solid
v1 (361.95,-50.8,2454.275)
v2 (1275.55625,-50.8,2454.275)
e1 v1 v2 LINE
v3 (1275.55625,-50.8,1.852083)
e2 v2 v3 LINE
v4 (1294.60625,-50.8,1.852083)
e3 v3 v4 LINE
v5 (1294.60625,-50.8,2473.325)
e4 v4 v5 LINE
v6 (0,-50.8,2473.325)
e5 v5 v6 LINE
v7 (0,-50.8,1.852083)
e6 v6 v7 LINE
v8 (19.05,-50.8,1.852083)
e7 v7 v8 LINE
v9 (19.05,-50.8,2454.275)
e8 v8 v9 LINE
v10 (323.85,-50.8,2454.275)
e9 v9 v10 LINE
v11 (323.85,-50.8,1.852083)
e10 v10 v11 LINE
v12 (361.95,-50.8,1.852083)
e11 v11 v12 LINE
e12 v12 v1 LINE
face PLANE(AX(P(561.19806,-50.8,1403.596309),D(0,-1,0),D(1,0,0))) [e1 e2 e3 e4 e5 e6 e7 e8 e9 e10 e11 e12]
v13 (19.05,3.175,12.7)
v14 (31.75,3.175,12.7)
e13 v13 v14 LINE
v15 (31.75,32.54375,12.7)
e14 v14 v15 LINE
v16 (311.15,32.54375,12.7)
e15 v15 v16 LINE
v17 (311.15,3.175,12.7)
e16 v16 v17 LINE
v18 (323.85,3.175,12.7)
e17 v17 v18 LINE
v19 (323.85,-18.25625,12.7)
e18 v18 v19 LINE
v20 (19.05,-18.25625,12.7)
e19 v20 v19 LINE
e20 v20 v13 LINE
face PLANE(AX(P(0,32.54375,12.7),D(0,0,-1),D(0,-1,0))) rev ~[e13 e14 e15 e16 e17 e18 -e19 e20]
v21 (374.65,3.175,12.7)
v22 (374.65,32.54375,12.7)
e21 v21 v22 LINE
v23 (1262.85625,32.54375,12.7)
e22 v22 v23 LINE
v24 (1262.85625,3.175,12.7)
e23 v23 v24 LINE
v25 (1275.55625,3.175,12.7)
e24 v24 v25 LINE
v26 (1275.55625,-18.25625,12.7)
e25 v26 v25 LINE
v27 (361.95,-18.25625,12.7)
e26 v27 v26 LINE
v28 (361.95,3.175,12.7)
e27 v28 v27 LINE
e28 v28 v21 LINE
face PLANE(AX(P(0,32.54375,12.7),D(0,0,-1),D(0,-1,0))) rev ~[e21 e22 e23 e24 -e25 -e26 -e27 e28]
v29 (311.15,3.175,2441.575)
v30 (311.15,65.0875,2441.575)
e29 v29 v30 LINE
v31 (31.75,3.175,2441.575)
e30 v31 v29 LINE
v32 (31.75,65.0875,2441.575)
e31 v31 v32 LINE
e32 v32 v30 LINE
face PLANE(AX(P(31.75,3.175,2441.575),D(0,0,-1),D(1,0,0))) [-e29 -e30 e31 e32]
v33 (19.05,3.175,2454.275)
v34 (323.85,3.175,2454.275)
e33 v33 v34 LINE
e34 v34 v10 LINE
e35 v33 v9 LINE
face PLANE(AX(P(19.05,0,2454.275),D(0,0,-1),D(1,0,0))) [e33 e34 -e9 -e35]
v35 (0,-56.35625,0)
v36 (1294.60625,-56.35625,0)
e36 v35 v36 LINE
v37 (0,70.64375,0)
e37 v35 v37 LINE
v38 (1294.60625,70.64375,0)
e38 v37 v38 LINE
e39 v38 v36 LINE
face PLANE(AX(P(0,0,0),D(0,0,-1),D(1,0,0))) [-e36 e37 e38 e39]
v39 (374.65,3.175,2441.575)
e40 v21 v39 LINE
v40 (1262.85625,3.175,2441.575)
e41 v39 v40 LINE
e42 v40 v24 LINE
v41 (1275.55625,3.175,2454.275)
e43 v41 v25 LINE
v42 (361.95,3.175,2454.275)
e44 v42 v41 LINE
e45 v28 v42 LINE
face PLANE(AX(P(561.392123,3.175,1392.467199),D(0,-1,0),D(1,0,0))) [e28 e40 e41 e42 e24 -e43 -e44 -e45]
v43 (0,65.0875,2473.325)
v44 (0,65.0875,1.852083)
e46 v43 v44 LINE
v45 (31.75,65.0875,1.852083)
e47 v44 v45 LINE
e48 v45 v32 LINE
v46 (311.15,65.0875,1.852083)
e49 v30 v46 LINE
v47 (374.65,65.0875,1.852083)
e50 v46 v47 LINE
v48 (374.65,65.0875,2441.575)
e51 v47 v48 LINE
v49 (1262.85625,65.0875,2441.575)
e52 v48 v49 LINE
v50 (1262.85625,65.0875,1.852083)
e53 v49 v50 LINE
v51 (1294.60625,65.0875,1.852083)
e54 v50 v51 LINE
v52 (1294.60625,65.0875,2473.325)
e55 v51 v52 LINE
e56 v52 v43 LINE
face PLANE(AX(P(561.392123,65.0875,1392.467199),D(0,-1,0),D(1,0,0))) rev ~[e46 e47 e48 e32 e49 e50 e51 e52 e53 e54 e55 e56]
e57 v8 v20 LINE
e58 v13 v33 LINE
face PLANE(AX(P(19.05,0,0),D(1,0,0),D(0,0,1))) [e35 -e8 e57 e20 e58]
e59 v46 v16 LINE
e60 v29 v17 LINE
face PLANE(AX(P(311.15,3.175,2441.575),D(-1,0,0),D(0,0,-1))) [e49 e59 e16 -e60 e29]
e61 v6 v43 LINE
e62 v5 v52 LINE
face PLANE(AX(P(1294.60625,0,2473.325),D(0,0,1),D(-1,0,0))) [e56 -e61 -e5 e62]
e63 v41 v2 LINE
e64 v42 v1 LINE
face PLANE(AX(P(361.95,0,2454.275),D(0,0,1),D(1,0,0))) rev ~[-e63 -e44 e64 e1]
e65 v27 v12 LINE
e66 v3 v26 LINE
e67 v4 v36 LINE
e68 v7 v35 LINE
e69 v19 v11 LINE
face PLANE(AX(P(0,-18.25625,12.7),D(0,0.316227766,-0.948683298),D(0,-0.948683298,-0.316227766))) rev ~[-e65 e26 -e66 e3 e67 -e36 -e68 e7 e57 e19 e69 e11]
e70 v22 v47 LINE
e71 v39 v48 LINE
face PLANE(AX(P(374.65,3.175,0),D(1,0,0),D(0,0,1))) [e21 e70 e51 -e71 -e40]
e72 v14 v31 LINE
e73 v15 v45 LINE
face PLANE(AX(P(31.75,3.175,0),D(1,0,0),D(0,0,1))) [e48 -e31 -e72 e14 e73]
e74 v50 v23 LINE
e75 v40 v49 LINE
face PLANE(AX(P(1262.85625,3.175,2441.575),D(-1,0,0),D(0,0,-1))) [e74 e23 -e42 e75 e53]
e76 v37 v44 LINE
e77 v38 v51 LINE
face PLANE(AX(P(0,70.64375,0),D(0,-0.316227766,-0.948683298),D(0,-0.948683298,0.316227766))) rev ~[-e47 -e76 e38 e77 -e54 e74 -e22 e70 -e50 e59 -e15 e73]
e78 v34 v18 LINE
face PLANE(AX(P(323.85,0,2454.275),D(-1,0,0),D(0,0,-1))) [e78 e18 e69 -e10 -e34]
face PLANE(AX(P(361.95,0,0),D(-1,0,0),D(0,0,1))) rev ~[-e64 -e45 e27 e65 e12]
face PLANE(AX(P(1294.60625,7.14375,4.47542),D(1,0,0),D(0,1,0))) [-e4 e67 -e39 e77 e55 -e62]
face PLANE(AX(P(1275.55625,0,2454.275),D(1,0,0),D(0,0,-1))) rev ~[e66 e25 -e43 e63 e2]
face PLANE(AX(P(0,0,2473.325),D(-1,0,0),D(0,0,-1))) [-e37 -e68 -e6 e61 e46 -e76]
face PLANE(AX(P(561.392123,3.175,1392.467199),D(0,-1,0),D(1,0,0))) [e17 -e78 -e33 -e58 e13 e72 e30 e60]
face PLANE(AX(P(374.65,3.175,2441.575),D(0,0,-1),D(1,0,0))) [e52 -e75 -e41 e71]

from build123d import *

# Parameters (mm, degrees)
F3_DEPTH      = 61.9125
F5_DEPTH      = 50.8
F5_DEPTH_BACK = 3.175
F7_DEPTH      = 1294.60625


with BuildPart() as f3:
    # F2 (on offset) → F3 (new body)
    with BuildSketch(Plane.XZ.offset(-3.175)):
        Polygon((0, 2454.275), (0, 0), (19.05, 0), (31.75, 0), (31.75, 2441.575), (311.15, 2441.575), (311.15, 0), (323.85, 0), (342.9, 0), (361.95, 0), (374.65, 0), (374.65, 2441.575), (1262.85625, 2441.575), (1262.85625, 0), (1275.55625, 0), (1294.60625, 0), (1294.60625, 2454.275), (1294.60625, 2473.325), (0, 2473.325), align=None)
    extrude(amount=-F3_DEPTH)

    # F4 (on Front) → F5 (join, two sides)
    with BuildSketch(Plane.XZ) as f5_sk:
        Polygon((0, 2454.275), (0, 0), (19.05, 0), (19.05, 2441.575), (19.05, 2454.275), (323.85, 2454.275), (323.85, 0), (342.9, 0), (361.95, 0), (361.95, 2454.275), (1275.55625, 2454.275), (1275.55625, 2441.575), (1275.55625, 0), (1294.60625, 0), (1294.60625, 2454.275), (1294.60625, 2473.325), (0, 2473.325), align=None)
    extrude(amount=F5_DEPTH)
    extrude(f5_sk.sketch, amount=-F5_DEPTH_BACK)

    # F6 (on Right) → F7 (join, through all)
    with BuildSketch(Plane.YZ):
        Polygon((32.54375, 12.7), (-18.25625, 12.7), (-56.35625, 0), (-50.8, 0), (7.14375, 0), (65.0875, 0), (70.64375, 0), align=None)
    extrude(amount=F7_DEPTH)


solid = f3.part
